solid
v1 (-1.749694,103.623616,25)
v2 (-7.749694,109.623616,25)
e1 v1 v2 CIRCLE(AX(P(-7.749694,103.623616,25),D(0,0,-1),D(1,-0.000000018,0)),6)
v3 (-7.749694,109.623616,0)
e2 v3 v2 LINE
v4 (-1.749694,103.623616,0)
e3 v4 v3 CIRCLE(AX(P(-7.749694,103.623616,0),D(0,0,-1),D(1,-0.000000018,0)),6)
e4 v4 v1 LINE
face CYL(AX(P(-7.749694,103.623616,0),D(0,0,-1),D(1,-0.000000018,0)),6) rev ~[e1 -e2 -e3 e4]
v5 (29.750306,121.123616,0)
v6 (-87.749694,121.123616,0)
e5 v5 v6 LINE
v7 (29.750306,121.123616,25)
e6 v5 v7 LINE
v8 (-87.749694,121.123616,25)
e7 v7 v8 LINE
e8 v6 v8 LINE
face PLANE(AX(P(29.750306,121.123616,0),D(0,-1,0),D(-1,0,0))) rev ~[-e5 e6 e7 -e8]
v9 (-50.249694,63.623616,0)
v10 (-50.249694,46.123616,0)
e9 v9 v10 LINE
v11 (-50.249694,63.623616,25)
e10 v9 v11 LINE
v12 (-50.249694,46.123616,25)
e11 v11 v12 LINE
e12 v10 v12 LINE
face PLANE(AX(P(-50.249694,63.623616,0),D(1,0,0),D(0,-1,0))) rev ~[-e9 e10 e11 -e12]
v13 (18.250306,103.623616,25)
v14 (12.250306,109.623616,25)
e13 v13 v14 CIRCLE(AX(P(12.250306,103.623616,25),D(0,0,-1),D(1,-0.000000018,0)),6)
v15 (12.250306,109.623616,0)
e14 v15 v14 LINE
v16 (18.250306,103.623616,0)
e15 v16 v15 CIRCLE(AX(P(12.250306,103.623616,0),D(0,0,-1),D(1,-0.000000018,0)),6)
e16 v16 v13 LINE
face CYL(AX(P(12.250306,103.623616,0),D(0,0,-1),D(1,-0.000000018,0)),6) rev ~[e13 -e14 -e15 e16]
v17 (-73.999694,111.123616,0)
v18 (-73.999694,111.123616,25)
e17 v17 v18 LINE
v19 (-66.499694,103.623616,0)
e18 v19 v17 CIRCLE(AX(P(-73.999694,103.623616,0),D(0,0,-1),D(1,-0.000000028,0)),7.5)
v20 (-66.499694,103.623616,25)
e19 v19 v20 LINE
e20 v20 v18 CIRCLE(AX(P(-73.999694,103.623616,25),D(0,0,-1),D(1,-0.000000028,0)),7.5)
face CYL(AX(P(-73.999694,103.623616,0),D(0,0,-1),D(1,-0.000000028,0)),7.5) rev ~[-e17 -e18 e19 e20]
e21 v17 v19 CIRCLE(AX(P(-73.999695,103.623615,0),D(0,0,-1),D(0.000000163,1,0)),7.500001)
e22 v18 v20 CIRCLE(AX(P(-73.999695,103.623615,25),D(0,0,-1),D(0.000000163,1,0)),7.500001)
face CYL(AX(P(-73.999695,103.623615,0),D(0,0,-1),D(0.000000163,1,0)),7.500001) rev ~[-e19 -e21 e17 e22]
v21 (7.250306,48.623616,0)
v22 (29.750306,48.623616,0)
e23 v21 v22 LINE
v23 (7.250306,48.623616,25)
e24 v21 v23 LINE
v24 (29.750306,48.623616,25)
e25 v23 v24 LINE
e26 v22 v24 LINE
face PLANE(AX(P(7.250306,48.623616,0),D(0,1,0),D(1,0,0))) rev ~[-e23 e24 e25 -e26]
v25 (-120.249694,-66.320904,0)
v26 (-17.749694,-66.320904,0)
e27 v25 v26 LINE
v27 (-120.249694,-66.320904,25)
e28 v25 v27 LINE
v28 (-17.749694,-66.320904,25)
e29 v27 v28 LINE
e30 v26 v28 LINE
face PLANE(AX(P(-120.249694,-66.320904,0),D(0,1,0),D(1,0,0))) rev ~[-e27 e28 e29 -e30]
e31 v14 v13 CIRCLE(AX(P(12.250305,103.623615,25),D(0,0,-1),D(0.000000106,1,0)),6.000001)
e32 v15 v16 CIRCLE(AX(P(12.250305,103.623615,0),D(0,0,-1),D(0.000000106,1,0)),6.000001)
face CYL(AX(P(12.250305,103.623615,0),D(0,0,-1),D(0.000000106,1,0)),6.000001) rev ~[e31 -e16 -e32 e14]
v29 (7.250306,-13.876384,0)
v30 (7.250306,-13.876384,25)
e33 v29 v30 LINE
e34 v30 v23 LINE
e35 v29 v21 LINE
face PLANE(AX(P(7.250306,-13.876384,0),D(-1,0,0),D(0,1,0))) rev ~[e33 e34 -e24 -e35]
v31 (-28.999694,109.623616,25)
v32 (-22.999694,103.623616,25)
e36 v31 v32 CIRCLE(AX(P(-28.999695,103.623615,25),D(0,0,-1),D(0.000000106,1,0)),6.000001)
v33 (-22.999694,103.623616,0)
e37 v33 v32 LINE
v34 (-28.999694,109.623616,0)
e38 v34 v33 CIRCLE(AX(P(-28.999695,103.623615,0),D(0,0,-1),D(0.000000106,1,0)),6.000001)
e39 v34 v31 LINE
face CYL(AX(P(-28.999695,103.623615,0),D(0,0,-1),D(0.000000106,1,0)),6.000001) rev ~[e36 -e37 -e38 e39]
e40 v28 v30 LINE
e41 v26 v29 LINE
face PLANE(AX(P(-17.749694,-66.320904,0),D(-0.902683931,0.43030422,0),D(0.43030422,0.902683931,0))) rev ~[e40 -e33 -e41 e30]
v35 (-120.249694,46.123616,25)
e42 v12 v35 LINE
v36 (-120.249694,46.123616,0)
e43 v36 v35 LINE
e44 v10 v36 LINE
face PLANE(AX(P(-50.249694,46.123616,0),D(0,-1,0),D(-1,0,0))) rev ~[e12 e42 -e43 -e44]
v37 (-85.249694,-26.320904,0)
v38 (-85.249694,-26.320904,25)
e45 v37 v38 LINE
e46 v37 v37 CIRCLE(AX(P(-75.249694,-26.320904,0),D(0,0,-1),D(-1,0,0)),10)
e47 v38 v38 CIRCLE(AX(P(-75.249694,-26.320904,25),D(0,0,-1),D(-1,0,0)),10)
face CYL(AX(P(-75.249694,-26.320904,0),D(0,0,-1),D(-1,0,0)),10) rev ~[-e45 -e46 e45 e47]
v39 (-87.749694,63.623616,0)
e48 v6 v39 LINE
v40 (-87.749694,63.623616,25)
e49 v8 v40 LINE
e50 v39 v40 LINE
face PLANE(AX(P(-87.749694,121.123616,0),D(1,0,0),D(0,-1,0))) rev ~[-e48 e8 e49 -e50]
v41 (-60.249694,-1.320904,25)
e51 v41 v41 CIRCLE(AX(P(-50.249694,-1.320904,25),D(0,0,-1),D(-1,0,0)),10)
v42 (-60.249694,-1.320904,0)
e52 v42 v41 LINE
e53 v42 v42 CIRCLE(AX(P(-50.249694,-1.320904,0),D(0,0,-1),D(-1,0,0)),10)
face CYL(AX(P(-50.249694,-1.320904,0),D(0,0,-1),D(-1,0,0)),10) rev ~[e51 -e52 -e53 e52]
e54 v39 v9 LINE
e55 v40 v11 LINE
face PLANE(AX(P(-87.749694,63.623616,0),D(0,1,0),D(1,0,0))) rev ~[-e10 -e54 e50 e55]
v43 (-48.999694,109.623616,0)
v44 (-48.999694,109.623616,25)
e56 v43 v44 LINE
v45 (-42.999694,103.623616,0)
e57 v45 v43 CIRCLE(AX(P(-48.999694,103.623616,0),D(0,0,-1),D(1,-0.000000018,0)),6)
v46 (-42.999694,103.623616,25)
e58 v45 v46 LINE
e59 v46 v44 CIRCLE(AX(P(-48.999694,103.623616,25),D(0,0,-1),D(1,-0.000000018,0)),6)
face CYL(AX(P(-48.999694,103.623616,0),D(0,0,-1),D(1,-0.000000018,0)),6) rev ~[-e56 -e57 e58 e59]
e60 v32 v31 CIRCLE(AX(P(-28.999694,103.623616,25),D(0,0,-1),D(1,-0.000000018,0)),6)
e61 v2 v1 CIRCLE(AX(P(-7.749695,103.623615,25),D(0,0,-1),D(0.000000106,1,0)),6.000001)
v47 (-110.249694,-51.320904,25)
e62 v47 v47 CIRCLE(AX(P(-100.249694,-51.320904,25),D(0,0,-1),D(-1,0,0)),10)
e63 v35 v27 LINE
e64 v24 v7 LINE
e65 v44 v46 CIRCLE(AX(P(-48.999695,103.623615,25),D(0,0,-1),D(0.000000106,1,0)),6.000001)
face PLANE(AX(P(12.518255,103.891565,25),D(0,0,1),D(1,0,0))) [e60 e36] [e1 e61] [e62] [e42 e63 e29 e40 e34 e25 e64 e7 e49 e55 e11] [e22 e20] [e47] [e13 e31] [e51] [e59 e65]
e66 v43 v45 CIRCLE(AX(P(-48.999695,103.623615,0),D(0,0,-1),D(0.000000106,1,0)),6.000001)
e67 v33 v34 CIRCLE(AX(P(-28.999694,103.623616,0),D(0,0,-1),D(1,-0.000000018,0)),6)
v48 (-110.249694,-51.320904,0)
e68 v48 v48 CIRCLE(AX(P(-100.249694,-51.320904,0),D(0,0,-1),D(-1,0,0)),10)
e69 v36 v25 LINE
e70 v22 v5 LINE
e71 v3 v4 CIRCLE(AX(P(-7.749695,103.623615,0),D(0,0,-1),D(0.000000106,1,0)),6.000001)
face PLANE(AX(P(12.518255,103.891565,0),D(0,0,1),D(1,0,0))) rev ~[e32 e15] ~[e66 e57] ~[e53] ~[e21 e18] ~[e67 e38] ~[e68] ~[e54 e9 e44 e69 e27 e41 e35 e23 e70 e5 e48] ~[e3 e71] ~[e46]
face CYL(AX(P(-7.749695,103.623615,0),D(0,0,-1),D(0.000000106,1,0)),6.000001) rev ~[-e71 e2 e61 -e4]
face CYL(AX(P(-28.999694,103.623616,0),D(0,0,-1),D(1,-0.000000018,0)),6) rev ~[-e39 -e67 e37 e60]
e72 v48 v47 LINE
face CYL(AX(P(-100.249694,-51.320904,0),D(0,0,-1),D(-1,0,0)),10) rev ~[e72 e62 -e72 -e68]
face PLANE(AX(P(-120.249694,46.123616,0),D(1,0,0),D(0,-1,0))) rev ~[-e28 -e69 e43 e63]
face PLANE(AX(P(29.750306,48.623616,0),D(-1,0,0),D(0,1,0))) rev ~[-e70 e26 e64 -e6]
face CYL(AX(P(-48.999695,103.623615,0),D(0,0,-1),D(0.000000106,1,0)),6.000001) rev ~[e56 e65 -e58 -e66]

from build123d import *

# Parameters (mm, degrees)
F1_DEPTH = 25


with BuildPart() as f1:
    # F0 (on Top) → F1 (new body)
    with BuildSketch(Plane.XY):
        with BuildLine():
            ThreePointArc((18.250306, 103.623616), (16.492946, 107.866257), (12.250306, 109.623616))
            ThreePointArc((12.250306, 109.623616), (8.007665, 99.380976), (18.250306, 103.623616))
        make_face()
        with BuildLine():
            ThreePointArc((-1.749694, 103.623616), (-3.507054, 107.866257), (-7.749694, 109.623616))
            ThreePointArc((-7.749694, 109.623616), (-11.992335, 99.380976), (-1.749694, 103.623616))
        make_face()
        with BuildLine():
            ThreePointArc((-22.999694, 103.623616), (-24.757054, 107.866257), (-28.999694, 109.623616))
            ThreePointArc((-28.999694, 109.623616), (-33.242335, 99.380976), (-22.999694, 103.623616))
        make_face()
        with BuildLine():
            ThreePointArc((-42.999694, 103.623616), (-44.757054, 107.866257), (-48.999694, 109.623616))
            ThreePointArc((-48.999694, 109.623616), (-53.242335, 99.380976), (-42.999694, 103.623616))
        make_face()
        with BuildLine():
            ThreePointArc((-66.499694, 103.623616), (-68.696394, 108.926917), (-73.999694, 111.123616))
            ThreePointArc((-73.999694, 111.123616), (-79.302995, 98.320316), (-66.499694, 103.623616))
        make_face()
        with BuildLine():
            ThreePointArc((-40.249694, -1.320904), (-50.249694, 8.679096), (-60.249694, -1.320904))
            ThreePointArc((-60.249694, -1.320904), (-50.249694, -11.320904), (-40.249694, -1.320904))
        make_face()
        with BuildLine():
            ThreePointArc((-65.249694, -26.320904), (-75.249694, -16.320904), (-85.249694, -26.320904))
            ThreePointArc((-85.249694, -26.320904), (-75.249694, -36.320904), (-65.249694, -26.320904))
        make_face()
        with BuildLine():
            ThreePointArc((-90.249694, -51.320904), (-100.249694, -41.320904), (-110.249694, -51.320904))
            ThreePointArc((-110.249694, -51.320904), (-100.249694, -61.320904), (-90.249694, -51.320904))
        make_face()
        Polygon((-120.249694, -51.320904), (-120.249694, -66.320904), (-100.249694, -66.320904), (-75.249694, -66.320904), (-50.249694, -66.320904), (-17.749694, -66.320904), (7.250306, -13.876384), (7.250306, 48.623616), (29.750306, 48.623616), (29.750306, 103.623616), (29.750306, 121.123616), (12.250306, 121.123616), (-7.749694, 121.123616), (-28.999694, 121.123616), (-48.999694, 121.123616), (-73.999694, 121.123616), (-87.749694, 121.123616), (-87.749694, 63.623616), (-50.249694, 63.623616), (-50.249694, 46.123616), (-120.249694, 46.123616), (-120.249694, -1.320904), (-120.249694, -26.320904), align=None)
        with BuildLine():
            ThreePointArc((-90.249694, -51.320904), (-100.249694, -61.320904), (-110.249694, -51.320904))
            ThreePointArc((-110.249694, -51.320904), (-100.249694, -41.320904), (-90.249694, -51.320904))
        make_face(mode=Mode.SUBTRACT)
        with BuildLine():
            ThreePointArc((-65.249694, -26.320904), (-75.249694, -36.320904), (-85.249694, -26.320904))
            ThreePointArc((-85.249694, -26.320904), (-75.249694, -16.320904), (-65.249694, -26.320904))
        make_face(mode=Mode.SUBTRACT)
        with BuildLine():
            ThreePointArc((-40.249694, -1.320904), (-50.249694, -11.320904), (-60.249694, -1.320904))
            ThreePointArc((-60.249694, -1.320904), (-50.249694, 8.679096), (-40.249694, -1.320904))
        make_face(mode=Mode.SUBTRACT)
        with BuildLine():
            ThreePointArc((-66.499694, 103.623616), (-79.302995, 98.320316), (-73.999694, 111.123616))
            ThreePointArc((-73.999694, 111.123616), (-68.696394, 108.926917), (-66.499694, 103.623616))
        make_face(mode=Mode.SUBTRACT)
        with BuildLine():
            ThreePointArc((-42.999694, 103.623616), (-53.242335, 99.380976), (-48.999694, 109.623616))
            ThreePointArc((-48.999694, 109.623616), (-44.757054, 107.866257), (-42.999694, 103.623616))
        make_face(mode=Mode.SUBTRACT)
        with BuildLine():
            ThreePointArc((-22.999694, 103.623616), (-33.242335, 99.380976), (-28.999694, 109.623616))
            ThreePointArc((-28.999694, 109.623616), (-24.757054, 107.866257), (-22.999694, 103.623616))
        make_face(mode=Mode.SUBTRACT)
        with BuildLine():
            ThreePointArc((-1.749694, 103.623616), (-11.992335, 99.380976), (-7.749694, 109.623616))
            ThreePointArc((-7.749694, 109.623616), (-3.507054, 107.866257), (-1.749694, 103.623616))
        make_face(mode=Mode.SUBTRACT)
        with BuildLine():
            ThreePointArc((18.250306, 103.623616), (8.007665, 99.380976), (12.250306, 109.623616))
            ThreePointArc((12.250306, 109.623616), (16.492946, 107.866257), (18.250306, 103.623616))
        make_face(mode=Mode.SUBTRACT)
    extrude(amount=F1_DEPTH)


solid = f1.part
